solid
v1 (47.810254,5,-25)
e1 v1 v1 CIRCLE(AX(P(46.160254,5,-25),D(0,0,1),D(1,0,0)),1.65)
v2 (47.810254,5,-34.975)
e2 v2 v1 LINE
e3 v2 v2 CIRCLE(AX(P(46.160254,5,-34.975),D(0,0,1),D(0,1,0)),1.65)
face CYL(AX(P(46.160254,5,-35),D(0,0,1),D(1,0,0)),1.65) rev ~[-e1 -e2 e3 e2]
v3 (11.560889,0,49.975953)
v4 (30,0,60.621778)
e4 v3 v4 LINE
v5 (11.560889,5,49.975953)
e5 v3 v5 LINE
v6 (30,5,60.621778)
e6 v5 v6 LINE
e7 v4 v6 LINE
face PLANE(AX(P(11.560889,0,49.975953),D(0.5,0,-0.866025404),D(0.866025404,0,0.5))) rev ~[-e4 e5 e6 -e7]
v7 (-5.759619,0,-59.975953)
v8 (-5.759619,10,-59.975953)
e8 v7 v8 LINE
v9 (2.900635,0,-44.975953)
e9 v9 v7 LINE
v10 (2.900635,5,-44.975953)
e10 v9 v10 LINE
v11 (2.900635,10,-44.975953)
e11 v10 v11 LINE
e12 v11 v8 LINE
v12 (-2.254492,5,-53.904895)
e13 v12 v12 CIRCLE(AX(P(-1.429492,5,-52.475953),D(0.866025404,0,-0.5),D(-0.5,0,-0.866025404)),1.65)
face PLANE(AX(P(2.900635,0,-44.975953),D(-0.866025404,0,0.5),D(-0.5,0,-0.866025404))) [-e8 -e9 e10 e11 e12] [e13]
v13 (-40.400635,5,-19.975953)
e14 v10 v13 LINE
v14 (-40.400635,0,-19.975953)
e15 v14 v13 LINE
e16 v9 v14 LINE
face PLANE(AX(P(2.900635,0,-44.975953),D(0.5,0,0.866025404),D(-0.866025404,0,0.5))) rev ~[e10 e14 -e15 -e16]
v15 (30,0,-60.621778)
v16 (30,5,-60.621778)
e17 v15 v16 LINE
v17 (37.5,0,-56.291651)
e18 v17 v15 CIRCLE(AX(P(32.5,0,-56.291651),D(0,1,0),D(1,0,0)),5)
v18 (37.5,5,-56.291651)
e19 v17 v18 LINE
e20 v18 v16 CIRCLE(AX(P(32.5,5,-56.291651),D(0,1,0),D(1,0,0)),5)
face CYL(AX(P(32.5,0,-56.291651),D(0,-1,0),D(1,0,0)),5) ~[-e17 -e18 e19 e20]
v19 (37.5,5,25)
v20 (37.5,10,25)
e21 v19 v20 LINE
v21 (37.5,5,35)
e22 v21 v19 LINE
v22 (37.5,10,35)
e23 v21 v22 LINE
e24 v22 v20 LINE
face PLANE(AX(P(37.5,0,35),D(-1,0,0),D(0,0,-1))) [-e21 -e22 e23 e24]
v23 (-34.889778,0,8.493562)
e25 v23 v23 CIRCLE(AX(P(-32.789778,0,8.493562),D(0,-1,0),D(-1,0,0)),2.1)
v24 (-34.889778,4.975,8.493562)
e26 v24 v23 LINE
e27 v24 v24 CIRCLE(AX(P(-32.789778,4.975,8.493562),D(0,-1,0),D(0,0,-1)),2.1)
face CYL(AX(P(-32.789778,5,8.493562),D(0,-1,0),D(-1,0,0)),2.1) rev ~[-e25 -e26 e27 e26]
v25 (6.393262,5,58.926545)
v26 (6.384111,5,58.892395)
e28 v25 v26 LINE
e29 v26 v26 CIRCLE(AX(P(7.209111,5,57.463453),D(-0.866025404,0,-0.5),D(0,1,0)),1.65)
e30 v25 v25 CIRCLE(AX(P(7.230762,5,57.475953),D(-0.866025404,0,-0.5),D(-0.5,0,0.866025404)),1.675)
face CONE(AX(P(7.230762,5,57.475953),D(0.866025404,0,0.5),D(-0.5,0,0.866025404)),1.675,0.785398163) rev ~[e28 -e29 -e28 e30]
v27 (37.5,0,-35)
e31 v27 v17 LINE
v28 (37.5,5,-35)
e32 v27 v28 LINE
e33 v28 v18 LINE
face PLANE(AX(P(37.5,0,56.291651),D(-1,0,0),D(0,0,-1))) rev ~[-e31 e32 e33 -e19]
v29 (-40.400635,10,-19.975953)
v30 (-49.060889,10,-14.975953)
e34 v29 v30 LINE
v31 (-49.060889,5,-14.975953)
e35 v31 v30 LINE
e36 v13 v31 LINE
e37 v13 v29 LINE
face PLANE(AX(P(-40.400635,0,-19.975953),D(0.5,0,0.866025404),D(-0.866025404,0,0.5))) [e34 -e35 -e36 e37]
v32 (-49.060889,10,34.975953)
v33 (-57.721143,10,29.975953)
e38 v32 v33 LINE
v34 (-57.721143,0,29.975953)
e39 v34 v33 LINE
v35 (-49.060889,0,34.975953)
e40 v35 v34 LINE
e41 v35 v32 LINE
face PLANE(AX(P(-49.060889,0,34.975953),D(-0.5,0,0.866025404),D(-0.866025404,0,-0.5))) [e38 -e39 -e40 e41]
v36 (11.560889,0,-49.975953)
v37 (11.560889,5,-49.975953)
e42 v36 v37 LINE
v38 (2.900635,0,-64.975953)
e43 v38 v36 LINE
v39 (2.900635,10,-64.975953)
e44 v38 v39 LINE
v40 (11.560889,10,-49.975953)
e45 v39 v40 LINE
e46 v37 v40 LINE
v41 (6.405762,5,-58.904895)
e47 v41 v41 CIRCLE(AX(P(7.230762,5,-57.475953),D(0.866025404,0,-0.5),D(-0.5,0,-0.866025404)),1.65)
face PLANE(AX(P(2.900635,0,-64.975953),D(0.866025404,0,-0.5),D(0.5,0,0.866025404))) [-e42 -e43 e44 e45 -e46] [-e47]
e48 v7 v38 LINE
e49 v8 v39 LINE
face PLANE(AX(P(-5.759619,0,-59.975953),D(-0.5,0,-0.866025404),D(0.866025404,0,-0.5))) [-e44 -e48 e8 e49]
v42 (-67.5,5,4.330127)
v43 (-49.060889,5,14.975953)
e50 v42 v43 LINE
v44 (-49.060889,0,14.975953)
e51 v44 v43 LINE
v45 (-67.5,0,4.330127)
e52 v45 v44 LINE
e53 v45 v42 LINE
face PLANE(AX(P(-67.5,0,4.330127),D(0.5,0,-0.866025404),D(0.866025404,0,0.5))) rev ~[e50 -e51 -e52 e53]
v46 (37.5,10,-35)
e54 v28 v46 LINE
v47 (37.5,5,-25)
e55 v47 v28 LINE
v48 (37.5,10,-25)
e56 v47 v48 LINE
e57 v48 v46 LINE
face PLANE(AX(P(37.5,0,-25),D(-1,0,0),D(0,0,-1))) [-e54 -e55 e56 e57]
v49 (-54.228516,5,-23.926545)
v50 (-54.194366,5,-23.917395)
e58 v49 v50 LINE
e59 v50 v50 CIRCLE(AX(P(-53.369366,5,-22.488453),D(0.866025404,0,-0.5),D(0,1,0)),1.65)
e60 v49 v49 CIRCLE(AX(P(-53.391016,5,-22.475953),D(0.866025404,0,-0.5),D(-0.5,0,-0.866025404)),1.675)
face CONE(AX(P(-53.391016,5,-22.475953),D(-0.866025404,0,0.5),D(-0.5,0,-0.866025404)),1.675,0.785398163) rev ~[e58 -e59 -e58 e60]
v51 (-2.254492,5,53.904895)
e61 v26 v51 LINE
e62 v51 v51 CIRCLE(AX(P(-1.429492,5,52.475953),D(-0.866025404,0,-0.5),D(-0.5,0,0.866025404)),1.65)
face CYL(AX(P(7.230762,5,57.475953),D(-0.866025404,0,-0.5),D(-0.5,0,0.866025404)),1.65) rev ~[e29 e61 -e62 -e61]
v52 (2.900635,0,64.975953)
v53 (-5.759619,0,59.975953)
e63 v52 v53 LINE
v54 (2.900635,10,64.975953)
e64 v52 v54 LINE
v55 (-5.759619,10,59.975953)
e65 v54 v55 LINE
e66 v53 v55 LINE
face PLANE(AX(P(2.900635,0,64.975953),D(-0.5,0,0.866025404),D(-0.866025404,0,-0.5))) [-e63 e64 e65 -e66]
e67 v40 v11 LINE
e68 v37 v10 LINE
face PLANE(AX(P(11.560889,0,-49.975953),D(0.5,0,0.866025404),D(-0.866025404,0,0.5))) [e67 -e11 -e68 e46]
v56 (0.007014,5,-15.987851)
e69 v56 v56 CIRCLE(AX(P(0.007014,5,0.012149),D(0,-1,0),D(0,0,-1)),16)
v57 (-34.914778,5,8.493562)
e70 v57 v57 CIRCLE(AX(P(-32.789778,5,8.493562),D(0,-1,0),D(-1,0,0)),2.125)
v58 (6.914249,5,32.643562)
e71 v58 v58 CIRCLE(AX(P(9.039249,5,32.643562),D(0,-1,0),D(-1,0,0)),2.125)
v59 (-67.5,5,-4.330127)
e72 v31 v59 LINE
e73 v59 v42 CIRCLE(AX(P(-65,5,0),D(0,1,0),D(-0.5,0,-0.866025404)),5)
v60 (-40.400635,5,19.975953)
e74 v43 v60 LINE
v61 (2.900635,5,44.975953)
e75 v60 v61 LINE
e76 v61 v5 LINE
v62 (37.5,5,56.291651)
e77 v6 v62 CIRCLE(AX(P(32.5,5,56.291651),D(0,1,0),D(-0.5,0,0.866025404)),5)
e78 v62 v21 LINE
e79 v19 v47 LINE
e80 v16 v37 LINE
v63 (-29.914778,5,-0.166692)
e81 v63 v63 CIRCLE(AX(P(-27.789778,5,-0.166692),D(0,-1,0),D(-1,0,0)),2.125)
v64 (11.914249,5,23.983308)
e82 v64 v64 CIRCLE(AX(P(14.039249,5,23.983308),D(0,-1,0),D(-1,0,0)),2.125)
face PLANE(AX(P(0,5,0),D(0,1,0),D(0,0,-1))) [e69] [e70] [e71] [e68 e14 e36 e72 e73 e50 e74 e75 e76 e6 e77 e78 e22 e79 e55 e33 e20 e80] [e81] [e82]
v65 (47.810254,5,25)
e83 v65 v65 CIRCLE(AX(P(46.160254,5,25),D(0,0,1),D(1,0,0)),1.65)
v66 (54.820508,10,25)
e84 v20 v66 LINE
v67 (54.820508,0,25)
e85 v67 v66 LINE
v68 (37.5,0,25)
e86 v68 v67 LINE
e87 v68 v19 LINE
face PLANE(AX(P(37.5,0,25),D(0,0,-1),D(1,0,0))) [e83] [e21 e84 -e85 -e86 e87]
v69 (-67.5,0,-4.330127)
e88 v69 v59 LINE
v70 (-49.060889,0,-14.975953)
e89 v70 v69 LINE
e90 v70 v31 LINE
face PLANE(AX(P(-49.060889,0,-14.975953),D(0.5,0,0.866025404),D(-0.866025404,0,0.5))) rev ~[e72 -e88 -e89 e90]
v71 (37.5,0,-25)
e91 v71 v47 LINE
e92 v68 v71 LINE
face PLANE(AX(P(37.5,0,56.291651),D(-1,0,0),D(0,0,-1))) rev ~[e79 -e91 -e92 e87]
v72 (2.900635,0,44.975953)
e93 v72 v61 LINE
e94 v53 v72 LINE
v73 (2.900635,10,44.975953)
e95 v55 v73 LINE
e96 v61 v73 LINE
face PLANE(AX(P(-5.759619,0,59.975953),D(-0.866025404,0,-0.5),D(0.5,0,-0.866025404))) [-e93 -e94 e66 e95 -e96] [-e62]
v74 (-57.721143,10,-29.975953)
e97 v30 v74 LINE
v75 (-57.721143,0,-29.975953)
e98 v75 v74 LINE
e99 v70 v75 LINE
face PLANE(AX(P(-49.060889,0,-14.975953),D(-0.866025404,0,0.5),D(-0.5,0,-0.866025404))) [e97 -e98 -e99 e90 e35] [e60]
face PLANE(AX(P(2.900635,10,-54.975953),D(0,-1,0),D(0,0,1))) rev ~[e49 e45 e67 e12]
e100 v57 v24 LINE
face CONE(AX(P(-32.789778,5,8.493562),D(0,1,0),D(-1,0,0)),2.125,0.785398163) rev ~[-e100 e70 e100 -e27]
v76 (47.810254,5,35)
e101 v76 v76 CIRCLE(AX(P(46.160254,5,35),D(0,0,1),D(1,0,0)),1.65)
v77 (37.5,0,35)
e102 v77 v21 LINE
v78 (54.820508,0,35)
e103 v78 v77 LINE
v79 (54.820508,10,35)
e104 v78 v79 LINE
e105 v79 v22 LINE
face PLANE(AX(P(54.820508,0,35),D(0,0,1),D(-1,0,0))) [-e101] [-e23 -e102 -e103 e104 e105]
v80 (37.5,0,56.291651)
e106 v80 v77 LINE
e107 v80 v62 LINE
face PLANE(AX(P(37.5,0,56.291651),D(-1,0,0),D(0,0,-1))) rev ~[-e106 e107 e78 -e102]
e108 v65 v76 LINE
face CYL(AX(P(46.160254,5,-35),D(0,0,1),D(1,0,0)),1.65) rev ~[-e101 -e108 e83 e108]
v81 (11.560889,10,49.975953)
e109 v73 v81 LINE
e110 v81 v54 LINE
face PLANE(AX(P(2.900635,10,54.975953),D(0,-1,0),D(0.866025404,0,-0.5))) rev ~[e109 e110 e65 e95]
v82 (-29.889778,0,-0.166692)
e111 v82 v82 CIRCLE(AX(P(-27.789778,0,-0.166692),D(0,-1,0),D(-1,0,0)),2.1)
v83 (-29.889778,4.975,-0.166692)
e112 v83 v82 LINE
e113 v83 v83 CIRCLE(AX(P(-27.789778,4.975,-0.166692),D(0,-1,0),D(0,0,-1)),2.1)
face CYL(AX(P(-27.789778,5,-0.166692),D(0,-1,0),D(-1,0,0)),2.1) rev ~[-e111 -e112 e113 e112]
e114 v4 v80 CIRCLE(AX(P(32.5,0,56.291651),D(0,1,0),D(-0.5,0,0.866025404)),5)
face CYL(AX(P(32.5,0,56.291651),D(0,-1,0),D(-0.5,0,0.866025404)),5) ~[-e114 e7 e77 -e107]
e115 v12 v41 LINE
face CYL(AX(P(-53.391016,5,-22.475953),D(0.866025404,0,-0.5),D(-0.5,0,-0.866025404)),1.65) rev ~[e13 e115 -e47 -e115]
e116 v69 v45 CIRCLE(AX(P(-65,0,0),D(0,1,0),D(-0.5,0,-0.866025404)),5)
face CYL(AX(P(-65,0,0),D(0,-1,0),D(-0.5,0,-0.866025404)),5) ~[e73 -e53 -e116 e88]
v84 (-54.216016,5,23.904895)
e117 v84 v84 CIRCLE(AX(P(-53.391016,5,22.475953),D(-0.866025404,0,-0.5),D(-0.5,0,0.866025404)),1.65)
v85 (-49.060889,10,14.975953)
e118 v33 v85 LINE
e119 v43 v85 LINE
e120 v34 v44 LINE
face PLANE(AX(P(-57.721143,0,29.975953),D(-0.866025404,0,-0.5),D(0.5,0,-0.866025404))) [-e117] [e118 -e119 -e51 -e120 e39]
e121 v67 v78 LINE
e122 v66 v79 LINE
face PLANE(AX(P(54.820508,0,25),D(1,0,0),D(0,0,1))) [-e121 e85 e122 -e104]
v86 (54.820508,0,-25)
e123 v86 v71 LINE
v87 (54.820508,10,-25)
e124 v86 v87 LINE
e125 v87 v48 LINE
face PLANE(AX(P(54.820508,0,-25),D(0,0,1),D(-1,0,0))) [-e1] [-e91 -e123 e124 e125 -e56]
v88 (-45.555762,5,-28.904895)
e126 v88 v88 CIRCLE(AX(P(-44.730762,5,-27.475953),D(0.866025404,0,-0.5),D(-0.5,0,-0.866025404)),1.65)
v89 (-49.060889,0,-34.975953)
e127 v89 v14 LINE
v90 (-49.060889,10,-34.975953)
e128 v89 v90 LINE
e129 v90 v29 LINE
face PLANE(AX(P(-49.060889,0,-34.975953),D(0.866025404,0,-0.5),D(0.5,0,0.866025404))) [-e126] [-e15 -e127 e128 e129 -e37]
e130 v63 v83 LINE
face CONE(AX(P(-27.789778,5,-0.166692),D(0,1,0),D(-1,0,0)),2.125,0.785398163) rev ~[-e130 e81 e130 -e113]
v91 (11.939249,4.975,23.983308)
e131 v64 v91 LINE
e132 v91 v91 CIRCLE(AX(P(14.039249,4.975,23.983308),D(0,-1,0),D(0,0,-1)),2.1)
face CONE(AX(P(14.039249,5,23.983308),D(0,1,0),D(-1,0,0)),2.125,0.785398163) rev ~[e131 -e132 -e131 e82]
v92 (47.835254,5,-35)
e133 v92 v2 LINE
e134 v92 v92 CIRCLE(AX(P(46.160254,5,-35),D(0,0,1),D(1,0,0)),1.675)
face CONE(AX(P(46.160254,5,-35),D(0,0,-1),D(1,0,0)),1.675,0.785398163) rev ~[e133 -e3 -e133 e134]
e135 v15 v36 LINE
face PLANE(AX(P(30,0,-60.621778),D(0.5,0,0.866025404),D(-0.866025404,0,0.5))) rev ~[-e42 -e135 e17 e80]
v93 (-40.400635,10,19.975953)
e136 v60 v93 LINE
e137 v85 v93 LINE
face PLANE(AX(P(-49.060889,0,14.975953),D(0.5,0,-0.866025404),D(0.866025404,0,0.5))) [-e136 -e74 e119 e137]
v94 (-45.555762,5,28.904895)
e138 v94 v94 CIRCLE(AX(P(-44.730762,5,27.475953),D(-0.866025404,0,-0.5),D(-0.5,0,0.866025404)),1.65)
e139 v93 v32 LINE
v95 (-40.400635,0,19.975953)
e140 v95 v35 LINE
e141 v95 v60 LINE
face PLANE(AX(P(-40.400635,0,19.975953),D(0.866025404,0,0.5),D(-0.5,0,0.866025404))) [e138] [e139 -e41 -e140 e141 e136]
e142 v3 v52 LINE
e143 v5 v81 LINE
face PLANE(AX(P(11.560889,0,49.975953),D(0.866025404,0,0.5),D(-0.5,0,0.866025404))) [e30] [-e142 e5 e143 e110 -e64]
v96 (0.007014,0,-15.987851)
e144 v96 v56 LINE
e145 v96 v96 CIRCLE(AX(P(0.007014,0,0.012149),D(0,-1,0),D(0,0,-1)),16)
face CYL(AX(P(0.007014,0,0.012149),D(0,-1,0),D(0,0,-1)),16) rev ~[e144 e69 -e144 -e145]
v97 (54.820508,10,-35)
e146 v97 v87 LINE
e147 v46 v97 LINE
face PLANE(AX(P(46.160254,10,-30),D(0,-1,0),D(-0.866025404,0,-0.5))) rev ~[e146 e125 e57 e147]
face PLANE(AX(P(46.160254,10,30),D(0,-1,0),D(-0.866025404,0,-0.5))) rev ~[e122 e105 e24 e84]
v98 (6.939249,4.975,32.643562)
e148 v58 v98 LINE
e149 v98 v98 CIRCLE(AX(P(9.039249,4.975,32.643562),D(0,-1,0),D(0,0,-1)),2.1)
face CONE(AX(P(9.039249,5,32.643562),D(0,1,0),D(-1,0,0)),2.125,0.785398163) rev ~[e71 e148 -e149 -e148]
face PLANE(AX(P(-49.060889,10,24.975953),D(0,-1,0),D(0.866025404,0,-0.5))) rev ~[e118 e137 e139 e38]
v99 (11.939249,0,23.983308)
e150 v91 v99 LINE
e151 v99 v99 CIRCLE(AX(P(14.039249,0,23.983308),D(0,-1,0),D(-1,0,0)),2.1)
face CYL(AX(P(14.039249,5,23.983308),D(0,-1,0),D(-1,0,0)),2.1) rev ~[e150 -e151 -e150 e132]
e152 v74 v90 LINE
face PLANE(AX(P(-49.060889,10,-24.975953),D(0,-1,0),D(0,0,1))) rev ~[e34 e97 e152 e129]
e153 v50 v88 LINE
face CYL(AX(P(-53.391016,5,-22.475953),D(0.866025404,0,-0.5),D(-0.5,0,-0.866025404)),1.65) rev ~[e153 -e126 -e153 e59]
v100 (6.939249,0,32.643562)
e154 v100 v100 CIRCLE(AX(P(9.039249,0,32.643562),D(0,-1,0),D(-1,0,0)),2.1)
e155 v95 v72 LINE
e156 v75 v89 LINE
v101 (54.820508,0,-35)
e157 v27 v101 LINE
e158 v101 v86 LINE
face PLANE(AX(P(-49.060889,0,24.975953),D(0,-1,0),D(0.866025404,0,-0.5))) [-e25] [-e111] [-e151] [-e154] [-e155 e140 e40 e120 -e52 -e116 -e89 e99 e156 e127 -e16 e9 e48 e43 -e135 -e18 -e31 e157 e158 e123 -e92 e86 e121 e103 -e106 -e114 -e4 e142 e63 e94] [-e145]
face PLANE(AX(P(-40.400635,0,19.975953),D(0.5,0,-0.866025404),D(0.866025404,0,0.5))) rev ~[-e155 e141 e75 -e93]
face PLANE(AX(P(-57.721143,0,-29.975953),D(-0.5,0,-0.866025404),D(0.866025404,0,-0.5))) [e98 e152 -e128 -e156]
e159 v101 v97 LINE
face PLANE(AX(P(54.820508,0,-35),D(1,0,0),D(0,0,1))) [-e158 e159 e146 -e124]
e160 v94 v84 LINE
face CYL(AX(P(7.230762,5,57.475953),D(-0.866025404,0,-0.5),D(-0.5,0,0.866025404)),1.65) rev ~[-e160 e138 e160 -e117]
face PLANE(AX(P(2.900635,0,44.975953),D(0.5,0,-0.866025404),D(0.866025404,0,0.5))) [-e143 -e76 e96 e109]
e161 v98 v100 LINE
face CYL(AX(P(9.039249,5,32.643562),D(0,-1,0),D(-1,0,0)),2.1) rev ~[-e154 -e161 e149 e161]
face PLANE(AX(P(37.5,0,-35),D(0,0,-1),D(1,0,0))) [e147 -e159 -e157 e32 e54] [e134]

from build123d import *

# Parameters (mm, degrees)
BOSS_EXTRUDE1_DEPTH               = 5
BOSS_EXTRUDE3_DEPTH               = 10
TAP_DRILL_FOR_M4_TAP1_D           = 3.3
TAP_DRILL_FOR_M4_TAP1_CSINK_D     = 3.35
TAP_DRILL_FOR_M4_TAP1_CSINK_ANGLE = 90
CIRPATTERN1_COUNT                 = 3
SKETCH13_R                        = 16
CUT_EXTRUDE1_DEPTH                = 97.030591072
TAP_DRILL_FOR_M5_TAP1_D           = 4.2
TAP_DRILL_FOR_M5_TAP1_CSINK_D     = 4.25
TAP_DRILL_FOR_M5_TAP1_CSINK_ANGLE = 90


with BuildPart() as part:
    # Sketch2 → Boss-Extrude1 (new body)
    with BuildSketch(Plane(origin=(0, 0, 0), x_dir=(0, 0, -1), z_dir=(0, 1, 0))):
        with BuildLine():
            Line((4.330127019, 67.5), (14.975952642, 49.060889132))
            Line((14.975952642, 49.060889132), (19.975952642, 40.400635095))
            Line((19.975952642, 40.400635095), (44.975952642, -2.900635095))
            Line((44.975952642, -2.900635095), (49.975952642, -11.560889132))
            Line((49.975952642, -11.560889132), (60.621778265, -30))
            ThreePointArc((60.621778265, -30), (60.621778265, -35), (56.291651246, -37.5))
            Line((56.291651246, -37.5), (35, -37.5))
            Line((35, -37.5), (25, -37.5))
            Line((25, -37.5), (-25, -37.5))
            Line((-25, -37.5), (-35, -37.5))
            Line((-35, -37.5), (-56.291651246, -37.5))
            ThreePointArc((-56.291651246, -37.5), (-60.621778265, -35), (-60.621778265, -30))
            Line((-60.621778265, -30), (-49.975952642, -11.560889132))
            Line((-49.975952642, -11.560889132), (-44.975952642, -2.900635095))
            Line((-44.975952642, -2.900635095), (-19.975952642, 40.400635095))
            Line((-19.975952642, 40.400635095), (-14.975952642, 49.060889132))
            Line((-14.975952642, 49.060889132), (-4.330127019, 67.5))
            ThreePointArc((-4.330127019, 67.5), (0, 70), (4.330127019, 67.5))
        make_face()
    extrude(amount=BOSS_EXTRUDE1_DEPTH)

    # Sketch2<7> → Boss-Extrude3 (add)
    with BuildSketch(Plane(origin=(0, 0, 0), x_dir=(0, 0, -1), z_dir=(0, 1, 0))):
        Polygon((29.975952642, 57.72114317), (14.975952642, 49.060889132), (19.975952642, 40.400635095), (34.975952642, 49.060889132), align=None)
        Polygon((44.975952642, -2.900635095), (49.975952642, -11.560889132), (64.975952642, -2.900635095), (59.975952642, 5.759618943), align=None)
    boss_extrude3 = extrude(amount=BOSS_EXTRUDE3_DEPTH)

    # Tap Drill for M4 Tap1 (through all)
    with Locations(Plane(origin=(-30.310889132, 0, 17.5), x_dir=(0.49999999999999517, 0, 0.8660254037844415), z_dir=(-0.8660254037844414, 0, 0.4999999999999951))):
        with Locations((-46.160254038, 5)):
            tap_drill_for_m4_tap1 = CounterSinkHole(TAP_DRILL_FOR_M4_TAP1_D / 2, TAP_DRILL_FOR_M4_TAP1_CSINK_D / 2, counter_sink_angle=TAP_DRILL_FOR_M4_TAP1_CSINK_ANGLE)

    # CirPattern1: Boss-Extrude3, Tap Drill for M4 Tap1 ×3 about axis
    cirpattern1_axis = Axis((0, 5, 0), (0, 1, 0))
    add([boss_extrude3.rotate(cirpattern1_axis, i * 360 / CIRPATTERN1_COUNT) for i in range(1, CIRPATTERN1_COUNT)])
    add([tap_drill_for_m4_tap1.rotate(cirpattern1_axis, i * 360 / CIRPATTERN1_COUNT) for i in range(1, CIRPATTERN1_COUNT)], mode=Mode.SUBTRACT)

    # Sketch13 → Cut-Extrude1 (cut, through all)
    with BuildSketch(Plane.XZ):
        with Locations((0.00701443, 0.012149349)):
            Circle(SKETCH13_R)
    extrude(amount=-CUT_EXTRUDE1_DEPTH, mode=Mode.SUBTRACT)

    # Tap Drill for M5 Tap1 (through all)
    with Locations(Plane(origin=(0, 5, 0), x_dir=(1, 0, 0), z_dir=(0, 1, 0))):
        with Locations((-27.789778361, 0.166691947), (-32.789778361, -8.49356209), (14.039248642, -23.983308053), (9.039248642, -32.64356209)):
            CounterSinkHole(TAP_DRILL_FOR_M5_TAP1_D / 2, TAP_DRILL_FOR_M5_TAP1_CSINK_D / 2, counter_sink_angle=TAP_DRILL_FOR_M5_TAP1_CSINK_ANGLE)


solid = part.part
